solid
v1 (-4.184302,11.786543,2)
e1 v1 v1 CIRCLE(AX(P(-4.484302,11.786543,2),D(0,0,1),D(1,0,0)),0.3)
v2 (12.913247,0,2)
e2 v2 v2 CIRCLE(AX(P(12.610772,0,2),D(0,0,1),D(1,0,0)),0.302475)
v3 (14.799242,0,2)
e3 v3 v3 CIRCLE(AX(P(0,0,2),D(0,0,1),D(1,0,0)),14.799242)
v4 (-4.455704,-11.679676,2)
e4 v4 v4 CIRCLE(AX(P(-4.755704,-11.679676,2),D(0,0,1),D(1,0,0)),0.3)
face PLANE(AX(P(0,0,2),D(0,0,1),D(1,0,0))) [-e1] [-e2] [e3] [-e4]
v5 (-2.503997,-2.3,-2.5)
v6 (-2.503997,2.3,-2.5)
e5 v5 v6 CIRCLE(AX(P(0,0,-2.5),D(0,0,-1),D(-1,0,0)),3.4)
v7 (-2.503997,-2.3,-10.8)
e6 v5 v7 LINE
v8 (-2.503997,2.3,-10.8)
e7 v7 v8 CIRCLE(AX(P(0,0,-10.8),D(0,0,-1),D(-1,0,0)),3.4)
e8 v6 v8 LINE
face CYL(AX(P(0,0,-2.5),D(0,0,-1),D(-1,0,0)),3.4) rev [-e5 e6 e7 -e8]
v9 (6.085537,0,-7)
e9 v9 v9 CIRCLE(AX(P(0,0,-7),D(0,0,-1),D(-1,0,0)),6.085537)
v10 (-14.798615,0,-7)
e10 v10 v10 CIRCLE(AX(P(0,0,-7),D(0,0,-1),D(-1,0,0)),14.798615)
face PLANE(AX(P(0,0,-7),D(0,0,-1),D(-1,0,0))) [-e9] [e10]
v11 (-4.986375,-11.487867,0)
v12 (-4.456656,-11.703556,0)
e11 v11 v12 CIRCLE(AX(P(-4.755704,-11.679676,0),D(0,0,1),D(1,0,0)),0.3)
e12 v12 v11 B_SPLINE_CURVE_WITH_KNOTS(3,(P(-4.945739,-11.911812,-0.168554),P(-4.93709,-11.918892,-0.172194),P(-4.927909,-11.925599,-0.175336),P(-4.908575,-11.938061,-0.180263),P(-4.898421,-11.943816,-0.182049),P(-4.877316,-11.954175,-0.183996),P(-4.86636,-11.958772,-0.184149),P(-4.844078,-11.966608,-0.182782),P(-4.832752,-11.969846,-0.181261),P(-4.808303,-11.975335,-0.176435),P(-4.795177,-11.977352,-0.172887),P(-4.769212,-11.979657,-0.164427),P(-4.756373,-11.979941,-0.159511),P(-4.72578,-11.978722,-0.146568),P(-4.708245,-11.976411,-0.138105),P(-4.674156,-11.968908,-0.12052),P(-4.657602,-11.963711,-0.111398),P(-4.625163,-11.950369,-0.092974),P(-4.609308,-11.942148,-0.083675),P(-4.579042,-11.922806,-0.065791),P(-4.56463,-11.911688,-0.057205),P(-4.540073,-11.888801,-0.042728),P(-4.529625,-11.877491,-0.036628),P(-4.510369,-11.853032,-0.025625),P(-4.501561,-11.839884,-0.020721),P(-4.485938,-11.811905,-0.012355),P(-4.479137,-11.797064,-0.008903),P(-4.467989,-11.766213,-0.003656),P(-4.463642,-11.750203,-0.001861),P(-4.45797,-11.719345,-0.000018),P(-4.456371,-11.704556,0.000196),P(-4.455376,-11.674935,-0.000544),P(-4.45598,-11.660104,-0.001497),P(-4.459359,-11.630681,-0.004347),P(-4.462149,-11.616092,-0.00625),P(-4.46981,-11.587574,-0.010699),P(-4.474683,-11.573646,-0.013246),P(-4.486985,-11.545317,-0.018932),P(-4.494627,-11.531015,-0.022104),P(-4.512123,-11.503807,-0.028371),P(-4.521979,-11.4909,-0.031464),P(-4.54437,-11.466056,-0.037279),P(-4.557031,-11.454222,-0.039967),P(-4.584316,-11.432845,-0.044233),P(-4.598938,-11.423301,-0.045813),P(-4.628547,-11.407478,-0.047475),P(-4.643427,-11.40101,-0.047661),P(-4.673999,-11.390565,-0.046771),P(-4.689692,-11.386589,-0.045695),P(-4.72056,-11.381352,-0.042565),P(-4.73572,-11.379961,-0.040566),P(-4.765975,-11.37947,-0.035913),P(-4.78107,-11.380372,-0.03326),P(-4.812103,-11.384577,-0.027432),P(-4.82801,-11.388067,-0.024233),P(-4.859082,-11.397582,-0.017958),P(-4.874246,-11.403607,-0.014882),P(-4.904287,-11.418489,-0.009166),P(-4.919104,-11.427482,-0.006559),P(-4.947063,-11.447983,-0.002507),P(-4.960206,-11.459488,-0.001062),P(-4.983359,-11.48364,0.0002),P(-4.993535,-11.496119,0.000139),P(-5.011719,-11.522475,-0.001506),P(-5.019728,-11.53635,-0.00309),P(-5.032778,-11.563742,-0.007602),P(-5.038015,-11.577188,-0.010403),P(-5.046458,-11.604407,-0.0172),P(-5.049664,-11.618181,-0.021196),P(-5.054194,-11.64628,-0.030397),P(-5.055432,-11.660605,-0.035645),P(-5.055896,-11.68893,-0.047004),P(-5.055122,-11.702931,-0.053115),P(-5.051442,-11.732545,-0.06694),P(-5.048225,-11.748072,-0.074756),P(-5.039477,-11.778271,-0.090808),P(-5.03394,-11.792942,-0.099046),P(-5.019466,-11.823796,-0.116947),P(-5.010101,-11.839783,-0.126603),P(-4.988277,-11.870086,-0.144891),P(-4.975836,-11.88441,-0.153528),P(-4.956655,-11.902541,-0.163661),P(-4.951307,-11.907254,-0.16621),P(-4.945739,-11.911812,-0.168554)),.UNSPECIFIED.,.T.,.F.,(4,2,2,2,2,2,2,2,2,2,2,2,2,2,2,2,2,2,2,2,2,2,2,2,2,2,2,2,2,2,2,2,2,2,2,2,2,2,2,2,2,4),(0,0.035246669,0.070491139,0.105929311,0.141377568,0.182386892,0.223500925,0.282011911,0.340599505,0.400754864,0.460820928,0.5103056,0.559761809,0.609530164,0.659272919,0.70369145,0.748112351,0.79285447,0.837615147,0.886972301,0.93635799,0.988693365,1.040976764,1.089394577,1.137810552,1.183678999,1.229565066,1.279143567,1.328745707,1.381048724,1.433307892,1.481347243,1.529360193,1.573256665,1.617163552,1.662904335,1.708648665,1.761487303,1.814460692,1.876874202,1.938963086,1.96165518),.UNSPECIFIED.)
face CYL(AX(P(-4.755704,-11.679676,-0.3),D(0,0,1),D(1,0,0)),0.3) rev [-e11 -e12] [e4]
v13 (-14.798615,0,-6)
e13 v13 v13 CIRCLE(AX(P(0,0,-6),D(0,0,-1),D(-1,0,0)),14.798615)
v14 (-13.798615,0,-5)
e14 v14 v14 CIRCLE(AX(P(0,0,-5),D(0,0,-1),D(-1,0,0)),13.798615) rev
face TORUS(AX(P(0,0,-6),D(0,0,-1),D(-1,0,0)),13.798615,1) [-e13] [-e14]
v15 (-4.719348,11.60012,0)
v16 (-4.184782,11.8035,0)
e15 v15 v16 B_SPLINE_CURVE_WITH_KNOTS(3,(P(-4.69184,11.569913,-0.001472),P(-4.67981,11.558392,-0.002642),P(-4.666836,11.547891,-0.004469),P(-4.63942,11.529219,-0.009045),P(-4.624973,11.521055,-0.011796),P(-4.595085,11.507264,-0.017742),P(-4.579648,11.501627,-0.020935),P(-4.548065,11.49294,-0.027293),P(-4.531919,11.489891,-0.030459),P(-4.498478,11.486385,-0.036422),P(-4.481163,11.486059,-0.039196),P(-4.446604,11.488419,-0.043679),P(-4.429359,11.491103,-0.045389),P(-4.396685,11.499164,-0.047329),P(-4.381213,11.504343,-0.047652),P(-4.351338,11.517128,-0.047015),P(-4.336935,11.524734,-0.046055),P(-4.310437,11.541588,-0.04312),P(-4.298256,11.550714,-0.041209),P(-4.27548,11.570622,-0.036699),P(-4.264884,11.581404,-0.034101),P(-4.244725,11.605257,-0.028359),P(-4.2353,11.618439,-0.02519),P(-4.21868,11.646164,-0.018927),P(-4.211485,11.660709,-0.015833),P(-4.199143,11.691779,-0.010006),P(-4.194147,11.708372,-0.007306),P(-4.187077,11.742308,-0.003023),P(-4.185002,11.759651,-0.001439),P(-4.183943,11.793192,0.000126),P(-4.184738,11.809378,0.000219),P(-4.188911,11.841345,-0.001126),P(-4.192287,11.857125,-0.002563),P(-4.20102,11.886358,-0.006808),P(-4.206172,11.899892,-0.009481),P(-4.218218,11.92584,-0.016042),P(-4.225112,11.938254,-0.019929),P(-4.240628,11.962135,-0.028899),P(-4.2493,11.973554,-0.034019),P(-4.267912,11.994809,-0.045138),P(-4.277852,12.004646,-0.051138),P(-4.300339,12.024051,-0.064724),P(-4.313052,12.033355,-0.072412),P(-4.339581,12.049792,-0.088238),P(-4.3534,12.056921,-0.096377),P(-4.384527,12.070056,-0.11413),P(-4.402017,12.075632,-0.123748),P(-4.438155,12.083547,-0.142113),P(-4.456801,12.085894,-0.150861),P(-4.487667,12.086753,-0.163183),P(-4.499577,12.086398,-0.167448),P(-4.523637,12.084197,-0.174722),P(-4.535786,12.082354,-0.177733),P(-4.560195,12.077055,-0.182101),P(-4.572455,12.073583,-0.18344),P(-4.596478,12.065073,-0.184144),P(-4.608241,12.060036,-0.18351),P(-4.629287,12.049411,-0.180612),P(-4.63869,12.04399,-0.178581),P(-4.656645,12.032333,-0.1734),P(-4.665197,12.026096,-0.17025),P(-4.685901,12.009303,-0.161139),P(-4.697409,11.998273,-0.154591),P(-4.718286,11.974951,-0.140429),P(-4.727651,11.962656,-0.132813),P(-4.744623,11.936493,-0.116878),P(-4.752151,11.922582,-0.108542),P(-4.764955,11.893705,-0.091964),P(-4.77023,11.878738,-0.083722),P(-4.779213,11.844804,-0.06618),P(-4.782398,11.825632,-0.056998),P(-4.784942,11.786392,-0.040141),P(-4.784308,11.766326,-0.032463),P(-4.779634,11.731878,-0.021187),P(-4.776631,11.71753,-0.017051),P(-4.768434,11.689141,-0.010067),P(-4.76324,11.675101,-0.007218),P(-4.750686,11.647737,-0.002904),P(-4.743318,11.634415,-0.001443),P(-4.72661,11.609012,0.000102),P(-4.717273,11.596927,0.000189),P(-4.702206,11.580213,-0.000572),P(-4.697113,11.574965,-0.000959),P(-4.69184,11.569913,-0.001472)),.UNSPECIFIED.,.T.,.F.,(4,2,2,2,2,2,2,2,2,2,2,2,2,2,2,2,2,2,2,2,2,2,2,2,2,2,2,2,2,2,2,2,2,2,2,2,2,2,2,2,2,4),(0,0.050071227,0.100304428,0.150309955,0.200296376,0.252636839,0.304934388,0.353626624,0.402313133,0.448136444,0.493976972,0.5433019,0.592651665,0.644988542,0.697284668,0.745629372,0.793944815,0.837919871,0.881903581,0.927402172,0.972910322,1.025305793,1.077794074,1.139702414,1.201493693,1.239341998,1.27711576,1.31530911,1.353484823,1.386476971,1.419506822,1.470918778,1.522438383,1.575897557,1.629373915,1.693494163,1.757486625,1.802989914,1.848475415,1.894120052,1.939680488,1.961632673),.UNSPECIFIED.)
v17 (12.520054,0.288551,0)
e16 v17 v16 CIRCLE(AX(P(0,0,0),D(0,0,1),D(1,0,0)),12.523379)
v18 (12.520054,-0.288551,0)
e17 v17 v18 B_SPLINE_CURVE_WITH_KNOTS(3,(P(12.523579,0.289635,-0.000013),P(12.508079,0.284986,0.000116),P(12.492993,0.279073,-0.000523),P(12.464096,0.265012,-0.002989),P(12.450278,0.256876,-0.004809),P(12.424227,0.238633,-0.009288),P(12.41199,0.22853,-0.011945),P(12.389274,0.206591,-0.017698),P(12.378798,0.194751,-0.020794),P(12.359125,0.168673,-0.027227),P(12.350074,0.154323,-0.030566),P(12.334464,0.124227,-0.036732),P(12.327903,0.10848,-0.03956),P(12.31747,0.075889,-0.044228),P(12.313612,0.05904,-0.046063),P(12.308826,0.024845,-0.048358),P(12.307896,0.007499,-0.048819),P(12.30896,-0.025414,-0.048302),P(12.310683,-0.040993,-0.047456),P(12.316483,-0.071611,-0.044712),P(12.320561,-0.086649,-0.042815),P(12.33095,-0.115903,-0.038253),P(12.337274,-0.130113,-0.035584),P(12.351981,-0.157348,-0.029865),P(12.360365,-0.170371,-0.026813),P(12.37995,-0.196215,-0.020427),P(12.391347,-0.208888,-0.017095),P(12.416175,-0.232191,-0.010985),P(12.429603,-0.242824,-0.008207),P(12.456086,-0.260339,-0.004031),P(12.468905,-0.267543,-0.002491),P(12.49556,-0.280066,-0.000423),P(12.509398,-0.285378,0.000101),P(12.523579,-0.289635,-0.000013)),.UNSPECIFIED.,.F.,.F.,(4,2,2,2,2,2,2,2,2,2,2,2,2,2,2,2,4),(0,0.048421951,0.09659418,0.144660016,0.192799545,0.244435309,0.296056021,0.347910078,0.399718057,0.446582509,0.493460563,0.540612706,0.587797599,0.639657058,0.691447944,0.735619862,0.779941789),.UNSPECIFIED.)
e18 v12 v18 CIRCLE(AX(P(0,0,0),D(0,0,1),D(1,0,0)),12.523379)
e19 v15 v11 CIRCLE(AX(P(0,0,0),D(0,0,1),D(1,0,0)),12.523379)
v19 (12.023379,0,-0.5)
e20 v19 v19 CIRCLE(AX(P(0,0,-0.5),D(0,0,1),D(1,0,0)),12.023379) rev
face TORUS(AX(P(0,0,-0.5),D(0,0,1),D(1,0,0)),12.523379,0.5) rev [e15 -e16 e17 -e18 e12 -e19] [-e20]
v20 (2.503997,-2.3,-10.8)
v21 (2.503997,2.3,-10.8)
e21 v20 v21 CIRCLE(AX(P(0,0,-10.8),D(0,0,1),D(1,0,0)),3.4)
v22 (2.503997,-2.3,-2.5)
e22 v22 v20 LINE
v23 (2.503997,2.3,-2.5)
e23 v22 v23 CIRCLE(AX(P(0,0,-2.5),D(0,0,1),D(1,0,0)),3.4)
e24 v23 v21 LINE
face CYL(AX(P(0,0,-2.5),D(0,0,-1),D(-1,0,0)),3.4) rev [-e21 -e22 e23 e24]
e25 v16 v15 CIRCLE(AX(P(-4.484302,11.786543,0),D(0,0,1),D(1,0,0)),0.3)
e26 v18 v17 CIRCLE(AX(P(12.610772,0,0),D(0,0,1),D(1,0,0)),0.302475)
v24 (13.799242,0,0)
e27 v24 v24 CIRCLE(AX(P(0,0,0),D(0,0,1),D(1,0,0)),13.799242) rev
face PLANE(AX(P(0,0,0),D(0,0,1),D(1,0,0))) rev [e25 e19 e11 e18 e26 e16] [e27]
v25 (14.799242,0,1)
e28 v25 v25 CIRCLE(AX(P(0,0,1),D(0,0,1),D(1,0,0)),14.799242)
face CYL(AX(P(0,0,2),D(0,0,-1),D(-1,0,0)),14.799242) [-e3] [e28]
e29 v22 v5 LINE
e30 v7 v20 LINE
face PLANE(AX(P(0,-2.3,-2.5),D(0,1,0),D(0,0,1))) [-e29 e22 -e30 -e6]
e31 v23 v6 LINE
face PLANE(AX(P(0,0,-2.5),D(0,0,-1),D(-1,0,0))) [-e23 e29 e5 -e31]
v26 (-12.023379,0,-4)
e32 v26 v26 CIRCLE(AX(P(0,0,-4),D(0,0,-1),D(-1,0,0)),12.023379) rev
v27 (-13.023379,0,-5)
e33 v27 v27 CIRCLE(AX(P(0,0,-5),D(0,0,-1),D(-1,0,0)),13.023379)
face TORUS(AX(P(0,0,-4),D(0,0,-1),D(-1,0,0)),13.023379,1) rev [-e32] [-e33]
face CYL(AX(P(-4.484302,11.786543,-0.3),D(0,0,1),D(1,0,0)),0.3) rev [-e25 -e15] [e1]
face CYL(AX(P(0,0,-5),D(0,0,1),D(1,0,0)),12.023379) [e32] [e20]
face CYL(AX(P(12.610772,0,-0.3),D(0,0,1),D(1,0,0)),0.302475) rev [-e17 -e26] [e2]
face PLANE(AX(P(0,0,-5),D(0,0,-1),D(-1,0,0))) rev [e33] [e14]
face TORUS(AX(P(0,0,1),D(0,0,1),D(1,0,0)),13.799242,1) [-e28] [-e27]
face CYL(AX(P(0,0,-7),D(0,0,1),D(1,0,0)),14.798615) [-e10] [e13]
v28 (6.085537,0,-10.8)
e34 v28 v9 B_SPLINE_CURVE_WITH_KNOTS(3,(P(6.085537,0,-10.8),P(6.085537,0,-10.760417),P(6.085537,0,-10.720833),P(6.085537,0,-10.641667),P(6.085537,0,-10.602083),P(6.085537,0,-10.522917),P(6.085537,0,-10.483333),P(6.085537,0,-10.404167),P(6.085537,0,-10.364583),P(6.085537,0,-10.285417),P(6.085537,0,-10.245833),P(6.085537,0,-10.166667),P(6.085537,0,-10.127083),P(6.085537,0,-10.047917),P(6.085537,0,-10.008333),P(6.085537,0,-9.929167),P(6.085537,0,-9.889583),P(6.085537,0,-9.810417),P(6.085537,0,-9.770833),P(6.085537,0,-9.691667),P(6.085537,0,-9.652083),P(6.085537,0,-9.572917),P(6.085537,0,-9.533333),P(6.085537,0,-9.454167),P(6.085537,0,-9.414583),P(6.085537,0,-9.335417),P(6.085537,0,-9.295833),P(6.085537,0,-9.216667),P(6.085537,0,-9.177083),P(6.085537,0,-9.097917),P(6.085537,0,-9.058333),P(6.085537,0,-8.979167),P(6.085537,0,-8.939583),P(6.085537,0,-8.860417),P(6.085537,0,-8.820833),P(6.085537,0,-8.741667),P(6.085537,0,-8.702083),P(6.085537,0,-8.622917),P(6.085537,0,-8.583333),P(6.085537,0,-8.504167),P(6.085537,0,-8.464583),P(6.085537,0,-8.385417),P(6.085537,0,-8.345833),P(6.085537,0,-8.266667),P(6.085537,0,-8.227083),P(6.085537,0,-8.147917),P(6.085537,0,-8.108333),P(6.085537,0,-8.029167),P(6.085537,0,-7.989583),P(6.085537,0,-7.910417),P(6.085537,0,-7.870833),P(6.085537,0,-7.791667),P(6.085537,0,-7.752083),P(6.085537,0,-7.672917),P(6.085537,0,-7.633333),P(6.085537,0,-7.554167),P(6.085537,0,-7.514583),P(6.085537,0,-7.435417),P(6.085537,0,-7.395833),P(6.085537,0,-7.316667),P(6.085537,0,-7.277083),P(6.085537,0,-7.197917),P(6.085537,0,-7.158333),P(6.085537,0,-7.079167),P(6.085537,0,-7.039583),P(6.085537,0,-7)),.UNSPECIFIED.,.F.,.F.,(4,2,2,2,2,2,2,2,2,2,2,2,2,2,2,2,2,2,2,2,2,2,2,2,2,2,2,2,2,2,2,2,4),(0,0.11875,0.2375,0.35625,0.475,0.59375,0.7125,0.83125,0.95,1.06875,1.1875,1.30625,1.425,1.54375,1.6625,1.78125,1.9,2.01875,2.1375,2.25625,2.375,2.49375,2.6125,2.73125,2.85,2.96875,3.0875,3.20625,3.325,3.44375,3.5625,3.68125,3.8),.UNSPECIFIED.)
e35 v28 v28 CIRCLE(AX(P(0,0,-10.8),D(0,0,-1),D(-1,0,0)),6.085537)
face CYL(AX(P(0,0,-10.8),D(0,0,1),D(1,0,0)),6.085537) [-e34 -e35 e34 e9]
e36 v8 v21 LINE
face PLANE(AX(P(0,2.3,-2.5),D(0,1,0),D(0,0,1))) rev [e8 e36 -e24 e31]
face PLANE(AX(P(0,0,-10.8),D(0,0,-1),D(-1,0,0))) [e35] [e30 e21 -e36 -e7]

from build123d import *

# Parameters (mm, degrees)
SKETCH1_R           = 14.799242092
BOSS_EXTRUDE1_DEPTH = 2
SKETCH2_R           = 12.023378779
BOSS_EXTRUDE2_DEPTH = 5
SKETCH3_R           = 14.798614579
BOSS_EXTRUDE3_DEPTH = 2
SKETCH4_R           = 6.085537025
BOSS_EXTRUDE5_DEPTH = 3.8
FILLET5_R           = 1
FILLET6_R           = 0.5
CUT_EXTRUDE1_DEPTH  = 8.3
SKETCH8_R           = 0.302475122
SKETCH8_R_2         = 0.3
CUT_EXTRUDE3_DEPTH  = 2.3
FILLET7_R           = 1
FILLET8_R           = 1


with BuildPart() as part:
    # Sketch1 → Boss-Extrude1 (new body)
    with BuildSketch(Plane.XY):
        Circle(SKETCH1_R)
    extrude(amount=BOSS_EXTRUDE1_DEPTH)

    # Sketch2 → Boss-Extrude2 (add)
    with BuildSketch(Plane(origin=(0, 0, 0), x_dir=(-1, 0, 0), z_dir=(0, 0, -1))):
        Circle(SKETCH2_R)
    extrude(amount=BOSS_EXTRUDE2_DEPTH)

    # Sketch3 → Boss-Extrude3 (add)
    with BuildSketch(Plane(origin=(0, 0, -5), x_dir=(-1, 0, 0), z_dir=(0, 0, -1))):
        Circle(SKETCH3_R)
    extrude(amount=BOSS_EXTRUDE3_DEPTH)

    # Sketch4 → Boss-Extrude5 (add)
    with BuildSketch(Plane(origin=(0, 0, -7), x_dir=(-1, 0, 0), z_dir=(0, 0, -1))):
        with Locations(Location((0, 0, 0), (0, 0, 180))):
            Circle(SKETCH4_R)
    extrude(amount=BOSS_EXTRUDE5_DEPTH)

    # Fillet5
    fillet5_edges = [part.edges().sort_by_distance(p)[0] for p in [
        (-14.799242092, 0, 0),
    ]]
    fillet(fillet5_edges, radius=FILLET5_R)

    # Fillet6
    fillet6_edges = [part.edges().sort_by_distance(p)[0] for p in [
        (12.023378779, 0, 0),
    ]]
    fillet(fillet6_edges, radius=FILLET6_R)

    # Sketch7 → Cut-Extrude1 (cut)
    with BuildSketch(Plane(origin=(0, 0, -10.8), x_dir=(-1, 0, 0), z_dir=(0, 0, -1))):
        with BuildLine():
            Line((0, -2.3), (-2.503996805, -2.3))
            ThreePointArc((-2.503996805, -2.3), (-3.4, 0), (-2.503996805, 2.3))
            Line((-2.503996805, 2.3), (0, 2.3))
            Line((0, 2.3), (2.503996805, 2.3))
            ThreePointArc((2.503996805, 2.3), (3.4, 0), (2.503996805, -2.3))
            Line((2.503996805, -2.3), (0, -2.3))
        make_face()
    extrude(amount=-CUT_EXTRUDE1_DEPTH, mode=Mode.SUBTRACT)

    # Sketch8 → Cut-Extrude3 (cut)
    with BuildSketch(Plane.XY.offset(2)):
        with Locations((12.610771715, 0)):
            Circle(SKETCH8_R)
        with Locations((-4.484302396, 11.786542974)):
            Circle(SKETCH8_R_2)
        with Locations((-4.755704429, -11.679676307)):
            Circle(SKETCH8_R_2)
    extrude(amount=-CUT_EXTRUDE3_DEPTH, mode=Mode.SUBTRACT)

    # Fillet7
    fillet7_edges = [part.edges().sort_by_distance(p)[0] for p in [
        (12.023378779, 0, -5),
    ]]
    fillet(fillet7_edges, radius=FILLET7_R)

    # Fillet8
    fillet8_edges = [part.edges().sort_by_distance(p)[0] for p in [
        (14.798614579, 0, -5),
    ]]
    fillet(fillet8_edges, radius=FILLET8_R)


solid = part.part
